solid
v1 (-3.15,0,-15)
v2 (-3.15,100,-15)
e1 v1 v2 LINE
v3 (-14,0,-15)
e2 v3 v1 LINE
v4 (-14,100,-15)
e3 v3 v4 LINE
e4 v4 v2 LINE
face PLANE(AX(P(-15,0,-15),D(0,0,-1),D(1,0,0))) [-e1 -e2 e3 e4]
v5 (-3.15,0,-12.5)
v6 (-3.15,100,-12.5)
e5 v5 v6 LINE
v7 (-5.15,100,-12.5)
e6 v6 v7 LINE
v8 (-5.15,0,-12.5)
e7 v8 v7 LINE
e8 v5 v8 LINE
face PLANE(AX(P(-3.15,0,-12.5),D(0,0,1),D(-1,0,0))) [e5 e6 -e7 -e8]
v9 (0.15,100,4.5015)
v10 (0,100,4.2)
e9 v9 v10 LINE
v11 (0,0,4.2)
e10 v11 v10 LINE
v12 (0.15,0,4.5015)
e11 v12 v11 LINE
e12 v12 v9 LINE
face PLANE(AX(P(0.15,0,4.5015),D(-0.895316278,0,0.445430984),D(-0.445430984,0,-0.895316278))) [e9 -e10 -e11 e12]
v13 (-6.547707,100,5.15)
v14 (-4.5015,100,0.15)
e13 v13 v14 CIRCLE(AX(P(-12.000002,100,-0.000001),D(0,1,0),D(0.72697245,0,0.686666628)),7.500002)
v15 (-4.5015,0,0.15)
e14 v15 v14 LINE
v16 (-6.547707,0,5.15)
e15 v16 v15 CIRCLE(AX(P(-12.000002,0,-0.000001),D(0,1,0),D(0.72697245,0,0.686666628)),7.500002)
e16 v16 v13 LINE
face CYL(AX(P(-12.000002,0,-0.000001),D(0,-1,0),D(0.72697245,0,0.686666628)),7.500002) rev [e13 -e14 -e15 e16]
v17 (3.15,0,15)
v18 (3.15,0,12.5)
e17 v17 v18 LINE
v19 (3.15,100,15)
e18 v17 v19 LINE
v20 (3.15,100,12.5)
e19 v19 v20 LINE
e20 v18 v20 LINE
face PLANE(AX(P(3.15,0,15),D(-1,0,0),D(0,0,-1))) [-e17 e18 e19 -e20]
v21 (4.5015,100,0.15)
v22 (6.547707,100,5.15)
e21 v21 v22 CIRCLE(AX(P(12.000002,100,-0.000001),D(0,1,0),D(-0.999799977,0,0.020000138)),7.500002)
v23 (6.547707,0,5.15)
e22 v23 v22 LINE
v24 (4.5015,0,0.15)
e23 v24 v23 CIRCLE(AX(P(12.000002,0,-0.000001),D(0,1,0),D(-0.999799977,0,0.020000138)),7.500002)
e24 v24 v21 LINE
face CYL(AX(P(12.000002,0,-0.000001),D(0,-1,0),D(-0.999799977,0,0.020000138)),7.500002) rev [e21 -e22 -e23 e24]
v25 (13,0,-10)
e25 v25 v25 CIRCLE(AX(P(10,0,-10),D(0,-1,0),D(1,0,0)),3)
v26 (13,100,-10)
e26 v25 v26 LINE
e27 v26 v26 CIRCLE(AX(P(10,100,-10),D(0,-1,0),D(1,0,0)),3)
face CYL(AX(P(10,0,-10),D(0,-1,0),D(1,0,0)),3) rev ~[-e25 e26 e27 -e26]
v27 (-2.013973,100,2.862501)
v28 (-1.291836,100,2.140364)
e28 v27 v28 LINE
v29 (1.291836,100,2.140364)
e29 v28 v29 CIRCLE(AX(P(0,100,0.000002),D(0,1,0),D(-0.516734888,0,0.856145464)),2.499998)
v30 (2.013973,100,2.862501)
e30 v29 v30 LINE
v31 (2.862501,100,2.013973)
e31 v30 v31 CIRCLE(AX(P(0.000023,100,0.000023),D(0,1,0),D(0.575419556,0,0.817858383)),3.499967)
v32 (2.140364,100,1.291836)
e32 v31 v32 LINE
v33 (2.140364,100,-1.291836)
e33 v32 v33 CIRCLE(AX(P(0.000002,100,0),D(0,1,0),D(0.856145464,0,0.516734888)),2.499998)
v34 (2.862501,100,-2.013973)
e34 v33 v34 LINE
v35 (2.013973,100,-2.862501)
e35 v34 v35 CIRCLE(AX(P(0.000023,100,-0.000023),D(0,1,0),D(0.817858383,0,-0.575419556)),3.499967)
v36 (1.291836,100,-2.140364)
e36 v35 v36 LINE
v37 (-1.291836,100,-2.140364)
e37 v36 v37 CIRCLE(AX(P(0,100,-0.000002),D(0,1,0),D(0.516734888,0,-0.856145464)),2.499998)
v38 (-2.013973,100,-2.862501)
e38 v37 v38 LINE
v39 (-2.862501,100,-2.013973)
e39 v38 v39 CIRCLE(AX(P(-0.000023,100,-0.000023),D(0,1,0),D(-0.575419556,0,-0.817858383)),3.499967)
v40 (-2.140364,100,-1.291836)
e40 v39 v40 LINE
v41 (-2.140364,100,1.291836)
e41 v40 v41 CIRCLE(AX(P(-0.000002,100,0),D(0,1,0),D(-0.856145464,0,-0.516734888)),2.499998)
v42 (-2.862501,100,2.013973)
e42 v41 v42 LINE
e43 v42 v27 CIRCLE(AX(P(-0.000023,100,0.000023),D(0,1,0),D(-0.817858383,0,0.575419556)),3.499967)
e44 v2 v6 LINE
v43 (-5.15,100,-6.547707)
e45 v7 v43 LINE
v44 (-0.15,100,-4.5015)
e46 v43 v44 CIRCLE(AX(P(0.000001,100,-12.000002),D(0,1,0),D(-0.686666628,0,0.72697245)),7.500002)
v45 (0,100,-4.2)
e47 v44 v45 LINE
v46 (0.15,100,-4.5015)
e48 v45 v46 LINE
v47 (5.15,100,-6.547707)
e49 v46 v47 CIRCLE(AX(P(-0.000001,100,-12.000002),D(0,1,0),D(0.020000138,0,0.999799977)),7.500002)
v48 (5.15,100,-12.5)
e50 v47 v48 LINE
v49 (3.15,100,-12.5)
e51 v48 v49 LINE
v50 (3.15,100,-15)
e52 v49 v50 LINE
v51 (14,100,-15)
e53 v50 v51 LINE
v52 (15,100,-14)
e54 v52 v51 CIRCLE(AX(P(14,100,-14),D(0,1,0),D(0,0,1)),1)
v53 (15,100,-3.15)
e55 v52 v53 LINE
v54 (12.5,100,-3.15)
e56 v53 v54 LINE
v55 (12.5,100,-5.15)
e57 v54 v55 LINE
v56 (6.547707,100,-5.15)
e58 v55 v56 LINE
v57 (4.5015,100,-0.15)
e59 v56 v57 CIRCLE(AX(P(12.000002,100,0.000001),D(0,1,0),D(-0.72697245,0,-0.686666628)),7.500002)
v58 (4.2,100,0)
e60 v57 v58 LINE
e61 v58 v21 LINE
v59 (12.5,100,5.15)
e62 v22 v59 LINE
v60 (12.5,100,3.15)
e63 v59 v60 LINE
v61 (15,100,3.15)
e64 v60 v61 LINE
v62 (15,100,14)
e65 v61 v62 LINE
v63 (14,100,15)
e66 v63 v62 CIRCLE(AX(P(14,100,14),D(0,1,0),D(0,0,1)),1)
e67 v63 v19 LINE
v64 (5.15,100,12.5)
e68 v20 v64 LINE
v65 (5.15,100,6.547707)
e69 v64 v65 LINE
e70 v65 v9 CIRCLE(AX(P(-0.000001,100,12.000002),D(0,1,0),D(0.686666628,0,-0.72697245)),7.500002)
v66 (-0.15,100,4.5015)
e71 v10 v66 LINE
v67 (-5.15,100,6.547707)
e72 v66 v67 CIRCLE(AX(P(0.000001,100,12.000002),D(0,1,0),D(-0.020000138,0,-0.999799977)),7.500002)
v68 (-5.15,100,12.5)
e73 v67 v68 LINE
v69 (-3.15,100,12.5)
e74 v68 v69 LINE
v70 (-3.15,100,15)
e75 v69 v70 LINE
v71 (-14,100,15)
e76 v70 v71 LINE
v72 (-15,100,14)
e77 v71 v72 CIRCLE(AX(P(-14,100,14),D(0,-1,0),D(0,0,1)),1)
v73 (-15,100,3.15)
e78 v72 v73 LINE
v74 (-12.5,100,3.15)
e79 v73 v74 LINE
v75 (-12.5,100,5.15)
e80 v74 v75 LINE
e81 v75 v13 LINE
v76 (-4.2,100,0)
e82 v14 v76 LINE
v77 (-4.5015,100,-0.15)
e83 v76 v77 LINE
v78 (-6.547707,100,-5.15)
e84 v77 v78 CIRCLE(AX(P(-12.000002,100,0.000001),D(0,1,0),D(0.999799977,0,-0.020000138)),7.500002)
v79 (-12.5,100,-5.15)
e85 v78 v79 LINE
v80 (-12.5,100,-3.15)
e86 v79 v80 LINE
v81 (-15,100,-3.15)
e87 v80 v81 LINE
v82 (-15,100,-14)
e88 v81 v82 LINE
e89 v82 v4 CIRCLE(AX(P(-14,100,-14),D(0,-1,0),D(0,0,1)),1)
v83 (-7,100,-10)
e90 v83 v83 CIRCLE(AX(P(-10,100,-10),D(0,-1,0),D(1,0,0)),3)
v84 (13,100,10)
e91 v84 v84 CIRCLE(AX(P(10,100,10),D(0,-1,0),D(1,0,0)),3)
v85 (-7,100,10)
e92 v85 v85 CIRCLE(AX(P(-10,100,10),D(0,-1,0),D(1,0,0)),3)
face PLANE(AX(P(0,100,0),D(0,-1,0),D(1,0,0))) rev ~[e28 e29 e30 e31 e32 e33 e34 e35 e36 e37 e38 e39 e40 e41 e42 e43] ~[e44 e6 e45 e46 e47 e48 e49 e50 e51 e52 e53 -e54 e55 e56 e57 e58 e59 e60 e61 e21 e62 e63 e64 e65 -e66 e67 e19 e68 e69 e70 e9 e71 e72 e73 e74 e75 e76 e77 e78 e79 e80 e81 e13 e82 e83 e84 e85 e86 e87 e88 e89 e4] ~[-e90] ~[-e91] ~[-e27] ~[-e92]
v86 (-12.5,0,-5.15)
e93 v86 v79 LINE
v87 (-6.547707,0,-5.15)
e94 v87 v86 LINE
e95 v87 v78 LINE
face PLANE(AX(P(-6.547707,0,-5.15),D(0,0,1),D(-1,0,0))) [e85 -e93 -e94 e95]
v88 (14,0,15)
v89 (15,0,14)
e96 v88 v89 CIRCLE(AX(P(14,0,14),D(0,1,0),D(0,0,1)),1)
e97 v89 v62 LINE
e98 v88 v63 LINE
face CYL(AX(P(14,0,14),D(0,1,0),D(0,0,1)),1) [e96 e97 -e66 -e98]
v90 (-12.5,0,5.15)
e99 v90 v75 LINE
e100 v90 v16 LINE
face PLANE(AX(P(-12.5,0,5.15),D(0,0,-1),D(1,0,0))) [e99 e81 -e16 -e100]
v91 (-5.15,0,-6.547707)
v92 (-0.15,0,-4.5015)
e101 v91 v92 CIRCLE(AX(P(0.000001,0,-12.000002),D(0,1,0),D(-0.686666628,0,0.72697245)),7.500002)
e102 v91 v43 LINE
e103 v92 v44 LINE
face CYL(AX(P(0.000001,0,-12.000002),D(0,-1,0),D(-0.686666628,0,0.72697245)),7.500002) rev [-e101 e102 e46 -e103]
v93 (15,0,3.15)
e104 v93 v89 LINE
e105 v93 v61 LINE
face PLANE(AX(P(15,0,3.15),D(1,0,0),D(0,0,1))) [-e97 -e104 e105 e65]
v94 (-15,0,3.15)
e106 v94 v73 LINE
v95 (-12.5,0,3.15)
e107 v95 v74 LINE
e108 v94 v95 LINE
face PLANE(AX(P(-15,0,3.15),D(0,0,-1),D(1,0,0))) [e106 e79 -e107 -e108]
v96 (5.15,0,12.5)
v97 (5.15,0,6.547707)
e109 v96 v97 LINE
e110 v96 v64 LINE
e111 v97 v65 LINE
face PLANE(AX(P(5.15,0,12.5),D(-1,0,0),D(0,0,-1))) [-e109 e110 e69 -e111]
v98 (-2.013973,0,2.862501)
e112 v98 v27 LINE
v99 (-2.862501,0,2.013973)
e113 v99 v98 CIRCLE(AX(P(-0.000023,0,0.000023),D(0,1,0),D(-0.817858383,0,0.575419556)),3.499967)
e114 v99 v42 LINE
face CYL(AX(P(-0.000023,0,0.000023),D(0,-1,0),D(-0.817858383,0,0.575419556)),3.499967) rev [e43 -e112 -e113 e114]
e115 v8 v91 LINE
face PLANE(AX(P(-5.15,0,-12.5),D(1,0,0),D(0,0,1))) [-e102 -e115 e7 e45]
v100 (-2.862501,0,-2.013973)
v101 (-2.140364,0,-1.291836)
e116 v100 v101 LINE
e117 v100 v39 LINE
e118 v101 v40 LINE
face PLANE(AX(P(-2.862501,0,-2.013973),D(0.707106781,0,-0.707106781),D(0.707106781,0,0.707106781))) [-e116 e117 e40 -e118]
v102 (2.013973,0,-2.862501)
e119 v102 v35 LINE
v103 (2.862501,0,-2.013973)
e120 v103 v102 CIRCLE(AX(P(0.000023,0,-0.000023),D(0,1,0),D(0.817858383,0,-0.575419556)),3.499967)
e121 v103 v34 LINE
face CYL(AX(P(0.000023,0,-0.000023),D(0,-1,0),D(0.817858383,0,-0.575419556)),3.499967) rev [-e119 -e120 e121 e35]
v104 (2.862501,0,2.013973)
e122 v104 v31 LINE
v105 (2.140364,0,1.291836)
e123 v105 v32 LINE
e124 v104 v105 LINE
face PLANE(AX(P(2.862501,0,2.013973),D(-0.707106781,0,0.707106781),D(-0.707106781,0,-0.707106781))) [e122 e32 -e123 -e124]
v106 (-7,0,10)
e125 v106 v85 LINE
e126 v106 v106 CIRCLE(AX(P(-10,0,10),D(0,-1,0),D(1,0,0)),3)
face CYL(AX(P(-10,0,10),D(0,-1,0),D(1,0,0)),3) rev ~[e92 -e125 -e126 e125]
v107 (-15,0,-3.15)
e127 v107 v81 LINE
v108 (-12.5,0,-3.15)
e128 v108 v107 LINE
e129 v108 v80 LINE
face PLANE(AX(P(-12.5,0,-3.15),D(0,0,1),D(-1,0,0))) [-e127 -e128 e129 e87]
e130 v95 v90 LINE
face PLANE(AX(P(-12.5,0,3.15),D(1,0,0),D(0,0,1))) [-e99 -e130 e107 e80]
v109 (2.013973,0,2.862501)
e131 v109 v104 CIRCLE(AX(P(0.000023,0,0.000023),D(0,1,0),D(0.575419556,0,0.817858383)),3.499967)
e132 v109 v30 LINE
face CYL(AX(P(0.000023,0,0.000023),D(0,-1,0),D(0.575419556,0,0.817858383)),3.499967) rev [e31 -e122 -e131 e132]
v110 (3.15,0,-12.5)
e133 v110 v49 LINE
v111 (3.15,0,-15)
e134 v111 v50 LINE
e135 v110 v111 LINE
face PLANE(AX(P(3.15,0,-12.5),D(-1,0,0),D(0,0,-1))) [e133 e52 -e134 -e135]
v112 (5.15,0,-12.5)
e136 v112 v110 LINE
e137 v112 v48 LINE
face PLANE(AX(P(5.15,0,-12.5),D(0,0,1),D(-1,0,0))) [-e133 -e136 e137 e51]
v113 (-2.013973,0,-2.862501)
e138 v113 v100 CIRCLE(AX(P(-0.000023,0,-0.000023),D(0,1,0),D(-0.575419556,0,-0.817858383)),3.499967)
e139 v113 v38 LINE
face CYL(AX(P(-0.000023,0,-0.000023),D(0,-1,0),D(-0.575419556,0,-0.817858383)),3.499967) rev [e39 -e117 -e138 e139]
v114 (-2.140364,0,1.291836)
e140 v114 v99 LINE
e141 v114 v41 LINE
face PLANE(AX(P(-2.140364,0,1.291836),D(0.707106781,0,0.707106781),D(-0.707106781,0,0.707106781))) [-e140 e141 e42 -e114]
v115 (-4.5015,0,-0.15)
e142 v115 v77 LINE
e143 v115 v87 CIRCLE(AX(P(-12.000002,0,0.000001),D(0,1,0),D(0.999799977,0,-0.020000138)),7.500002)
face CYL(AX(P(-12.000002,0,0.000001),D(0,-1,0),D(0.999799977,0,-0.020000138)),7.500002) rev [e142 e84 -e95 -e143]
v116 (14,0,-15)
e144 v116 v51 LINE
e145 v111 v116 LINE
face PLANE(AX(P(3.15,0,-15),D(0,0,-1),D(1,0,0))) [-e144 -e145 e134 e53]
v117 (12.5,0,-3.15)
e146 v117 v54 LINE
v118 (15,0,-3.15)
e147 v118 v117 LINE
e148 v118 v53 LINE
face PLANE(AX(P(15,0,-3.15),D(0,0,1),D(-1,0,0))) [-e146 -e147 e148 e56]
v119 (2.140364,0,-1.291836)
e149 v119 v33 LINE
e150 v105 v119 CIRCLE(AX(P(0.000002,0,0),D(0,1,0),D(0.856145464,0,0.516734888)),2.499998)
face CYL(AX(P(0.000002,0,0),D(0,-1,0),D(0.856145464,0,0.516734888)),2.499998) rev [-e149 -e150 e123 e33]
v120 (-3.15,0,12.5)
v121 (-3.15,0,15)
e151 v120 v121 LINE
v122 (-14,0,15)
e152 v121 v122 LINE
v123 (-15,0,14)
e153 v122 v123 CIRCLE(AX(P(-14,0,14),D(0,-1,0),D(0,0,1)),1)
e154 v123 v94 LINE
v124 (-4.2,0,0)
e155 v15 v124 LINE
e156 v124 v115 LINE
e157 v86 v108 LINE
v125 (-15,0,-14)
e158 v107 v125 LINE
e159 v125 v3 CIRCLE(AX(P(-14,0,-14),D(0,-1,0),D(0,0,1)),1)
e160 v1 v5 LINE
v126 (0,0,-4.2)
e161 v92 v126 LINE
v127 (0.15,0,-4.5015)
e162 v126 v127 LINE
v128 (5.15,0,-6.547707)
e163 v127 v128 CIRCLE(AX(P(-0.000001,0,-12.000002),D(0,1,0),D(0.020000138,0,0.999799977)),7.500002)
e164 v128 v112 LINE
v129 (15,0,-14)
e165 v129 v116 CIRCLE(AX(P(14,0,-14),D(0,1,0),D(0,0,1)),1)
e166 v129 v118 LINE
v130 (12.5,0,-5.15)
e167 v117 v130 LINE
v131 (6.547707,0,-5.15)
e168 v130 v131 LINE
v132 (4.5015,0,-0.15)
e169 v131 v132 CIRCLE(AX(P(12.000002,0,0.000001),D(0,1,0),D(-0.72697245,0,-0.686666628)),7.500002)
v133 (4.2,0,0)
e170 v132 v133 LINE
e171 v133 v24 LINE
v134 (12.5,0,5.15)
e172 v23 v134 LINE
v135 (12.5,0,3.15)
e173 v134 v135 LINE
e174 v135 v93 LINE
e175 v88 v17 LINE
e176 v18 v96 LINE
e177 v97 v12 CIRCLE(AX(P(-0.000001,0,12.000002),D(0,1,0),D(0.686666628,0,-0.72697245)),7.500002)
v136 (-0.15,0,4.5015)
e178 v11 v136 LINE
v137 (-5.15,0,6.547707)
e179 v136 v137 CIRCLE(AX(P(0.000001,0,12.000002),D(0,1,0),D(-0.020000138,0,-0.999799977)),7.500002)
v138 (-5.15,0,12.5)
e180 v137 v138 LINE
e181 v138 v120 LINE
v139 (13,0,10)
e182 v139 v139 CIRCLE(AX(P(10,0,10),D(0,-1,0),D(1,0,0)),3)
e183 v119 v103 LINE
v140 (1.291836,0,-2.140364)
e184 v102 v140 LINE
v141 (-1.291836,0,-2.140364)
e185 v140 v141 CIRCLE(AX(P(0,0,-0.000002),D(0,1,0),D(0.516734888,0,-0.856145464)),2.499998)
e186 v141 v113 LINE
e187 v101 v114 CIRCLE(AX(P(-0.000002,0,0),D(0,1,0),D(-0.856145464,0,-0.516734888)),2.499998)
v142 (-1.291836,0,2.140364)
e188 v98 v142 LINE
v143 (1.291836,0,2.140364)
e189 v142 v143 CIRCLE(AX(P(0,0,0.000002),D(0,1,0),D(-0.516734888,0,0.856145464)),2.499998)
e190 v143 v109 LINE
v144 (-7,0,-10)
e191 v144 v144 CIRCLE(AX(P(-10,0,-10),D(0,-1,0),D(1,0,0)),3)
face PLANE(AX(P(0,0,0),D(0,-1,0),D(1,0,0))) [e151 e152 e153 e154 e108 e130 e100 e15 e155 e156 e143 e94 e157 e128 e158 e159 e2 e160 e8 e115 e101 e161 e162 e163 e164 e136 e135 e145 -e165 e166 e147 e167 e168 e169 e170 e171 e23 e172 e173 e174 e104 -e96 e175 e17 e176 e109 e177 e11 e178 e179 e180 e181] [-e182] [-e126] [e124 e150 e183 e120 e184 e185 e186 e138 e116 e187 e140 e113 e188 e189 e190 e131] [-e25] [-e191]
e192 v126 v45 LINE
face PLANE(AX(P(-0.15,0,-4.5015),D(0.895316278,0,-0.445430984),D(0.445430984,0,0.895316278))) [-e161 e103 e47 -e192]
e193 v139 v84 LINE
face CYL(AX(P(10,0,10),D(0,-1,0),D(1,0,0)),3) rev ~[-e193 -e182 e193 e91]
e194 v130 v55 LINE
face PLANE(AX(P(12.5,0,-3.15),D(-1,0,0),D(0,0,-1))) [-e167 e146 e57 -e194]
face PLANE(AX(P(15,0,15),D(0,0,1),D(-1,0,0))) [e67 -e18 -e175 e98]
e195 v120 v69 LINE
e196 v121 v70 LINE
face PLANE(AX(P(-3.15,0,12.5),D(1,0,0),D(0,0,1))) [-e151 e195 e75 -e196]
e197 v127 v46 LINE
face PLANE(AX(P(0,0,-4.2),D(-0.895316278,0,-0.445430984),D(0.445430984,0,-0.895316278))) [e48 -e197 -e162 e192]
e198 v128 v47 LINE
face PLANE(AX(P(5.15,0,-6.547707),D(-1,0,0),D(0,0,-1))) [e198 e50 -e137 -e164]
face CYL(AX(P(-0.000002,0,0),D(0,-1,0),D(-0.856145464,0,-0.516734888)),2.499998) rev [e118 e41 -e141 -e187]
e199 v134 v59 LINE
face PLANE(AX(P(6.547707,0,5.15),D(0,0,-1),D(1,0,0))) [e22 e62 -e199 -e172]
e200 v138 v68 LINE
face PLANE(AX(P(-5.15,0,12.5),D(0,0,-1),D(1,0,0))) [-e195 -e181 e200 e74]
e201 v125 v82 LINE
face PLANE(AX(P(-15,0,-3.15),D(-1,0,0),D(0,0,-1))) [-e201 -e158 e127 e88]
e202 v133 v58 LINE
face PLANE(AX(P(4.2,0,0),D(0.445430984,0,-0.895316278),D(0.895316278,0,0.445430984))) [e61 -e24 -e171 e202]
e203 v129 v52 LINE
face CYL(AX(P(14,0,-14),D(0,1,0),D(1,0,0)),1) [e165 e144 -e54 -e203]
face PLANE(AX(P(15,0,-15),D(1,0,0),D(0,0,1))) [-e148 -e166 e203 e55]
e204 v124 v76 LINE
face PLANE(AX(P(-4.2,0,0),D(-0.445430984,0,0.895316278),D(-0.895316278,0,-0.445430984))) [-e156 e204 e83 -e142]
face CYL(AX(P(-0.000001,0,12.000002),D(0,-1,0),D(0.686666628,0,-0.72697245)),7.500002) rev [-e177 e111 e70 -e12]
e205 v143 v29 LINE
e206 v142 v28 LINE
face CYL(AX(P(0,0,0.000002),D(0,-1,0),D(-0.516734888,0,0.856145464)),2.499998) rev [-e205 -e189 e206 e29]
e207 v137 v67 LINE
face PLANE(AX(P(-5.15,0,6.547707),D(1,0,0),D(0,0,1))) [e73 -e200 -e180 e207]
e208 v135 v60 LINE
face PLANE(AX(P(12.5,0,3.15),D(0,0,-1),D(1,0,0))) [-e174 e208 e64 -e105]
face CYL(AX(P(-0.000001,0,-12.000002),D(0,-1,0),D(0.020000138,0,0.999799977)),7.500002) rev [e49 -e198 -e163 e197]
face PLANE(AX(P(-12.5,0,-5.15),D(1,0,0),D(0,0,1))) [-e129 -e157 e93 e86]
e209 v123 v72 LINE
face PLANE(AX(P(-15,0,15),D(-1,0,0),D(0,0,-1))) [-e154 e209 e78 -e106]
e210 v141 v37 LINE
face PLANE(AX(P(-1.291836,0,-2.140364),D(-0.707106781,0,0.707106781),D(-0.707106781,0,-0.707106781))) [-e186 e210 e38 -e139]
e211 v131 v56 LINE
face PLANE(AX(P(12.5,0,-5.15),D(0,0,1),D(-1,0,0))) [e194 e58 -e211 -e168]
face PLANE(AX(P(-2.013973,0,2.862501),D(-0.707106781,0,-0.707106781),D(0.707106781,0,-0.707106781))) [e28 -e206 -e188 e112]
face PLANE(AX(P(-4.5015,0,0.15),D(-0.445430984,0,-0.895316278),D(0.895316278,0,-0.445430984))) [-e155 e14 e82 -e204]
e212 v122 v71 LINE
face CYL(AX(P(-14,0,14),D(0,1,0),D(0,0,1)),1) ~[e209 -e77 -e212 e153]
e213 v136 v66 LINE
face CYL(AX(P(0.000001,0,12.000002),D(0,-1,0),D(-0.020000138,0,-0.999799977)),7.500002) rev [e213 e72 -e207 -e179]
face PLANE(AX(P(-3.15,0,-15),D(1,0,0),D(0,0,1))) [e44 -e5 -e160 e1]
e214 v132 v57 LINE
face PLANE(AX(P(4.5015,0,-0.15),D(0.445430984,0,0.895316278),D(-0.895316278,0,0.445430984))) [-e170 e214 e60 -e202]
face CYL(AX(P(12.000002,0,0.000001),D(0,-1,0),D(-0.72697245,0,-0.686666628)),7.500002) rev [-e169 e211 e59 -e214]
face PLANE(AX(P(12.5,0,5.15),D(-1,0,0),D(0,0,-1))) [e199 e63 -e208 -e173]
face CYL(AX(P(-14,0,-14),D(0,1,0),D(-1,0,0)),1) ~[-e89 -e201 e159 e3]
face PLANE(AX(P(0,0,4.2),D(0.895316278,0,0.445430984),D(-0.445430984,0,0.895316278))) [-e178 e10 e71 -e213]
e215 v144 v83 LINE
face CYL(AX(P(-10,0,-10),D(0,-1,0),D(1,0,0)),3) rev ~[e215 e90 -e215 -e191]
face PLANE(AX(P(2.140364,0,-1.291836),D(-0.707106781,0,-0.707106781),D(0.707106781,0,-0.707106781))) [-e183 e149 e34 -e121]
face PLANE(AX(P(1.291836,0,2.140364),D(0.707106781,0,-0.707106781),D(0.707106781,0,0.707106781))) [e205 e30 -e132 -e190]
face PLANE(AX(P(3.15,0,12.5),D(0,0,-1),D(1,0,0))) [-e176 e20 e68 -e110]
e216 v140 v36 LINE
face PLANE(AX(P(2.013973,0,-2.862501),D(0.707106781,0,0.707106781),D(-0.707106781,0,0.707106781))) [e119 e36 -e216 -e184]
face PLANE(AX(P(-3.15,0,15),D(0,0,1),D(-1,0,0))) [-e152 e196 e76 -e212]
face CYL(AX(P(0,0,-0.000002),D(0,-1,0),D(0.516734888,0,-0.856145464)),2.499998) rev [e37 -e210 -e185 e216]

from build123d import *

# Parameters (mm, degrees)
F0_R     = 3
F1_DEPTH = 100
F2_R     = 1


with BuildPart() as f1:
    # F0 (on Front) → F1 (new body)
    with BuildSketch(Plane.XZ):
        with BuildLine():
            Line((-3.15, 15), (-15, 15))
            Line((-15, 15), (-15, 3.15))
            Line((-15, 3.15), (-12.5, 3.15))
            Line((-12.5, 3.15), (-12.5, 5.15))
            Line((-12.5, 5.15), (-6.547707, 5.15))
            ThreePointArc((-6.547707, 5.15), (-5.058764, 2.840641), (-4.5015, 0.15))
            Line((-4.5015, 0.15), (-4.2, 0))
            Line((-4.2, 0), (-4.5015, -0.15))
            ThreePointArc((-4.5015, -0.15), (-5.058764, -2.840641), (-6.547707, -5.15))
            Line((-6.547707, -5.15), (-12.5, -5.15))
            Line((-12.5, -5.15), (-12.5, -3.15))
            Line((-12.5, -3.15), (-15, -3.15))
            Line((-15, -3.15), (-15, -15))
            Line((-15, -15), (-3.15, -15))
            Line((-3.15, -15), (-3.15, -12.5))
            Line((-3.15, -12.5), (-5.15, -12.5))
            Line((-5.15, -12.5), (-5.15, -6.547707))
            ThreePointArc((-5.15, -6.547707), (-2.840641, -5.058764), (-0.15, -4.5015))
            Line((-0.15, -4.5015), (0, -4.2))
            Line((0, -4.2), (0.15, -4.5015))
            ThreePointArc((0.15, -4.5015), (2.840641, -5.058764), (5.15, -6.547707))
            Line((5.15, -6.547707), (5.15, -12.5))
            Line((5.15, -12.5), (3.15, -12.5))
            Line((3.15, -12.5), (3.15, -15))
            Line((3.15, -15), (15, -15))
            Line((15, -15), (15, -3.15))
            Line((15, -3.15), (12.5, -3.15))
            Line((12.5, -3.15), (12.5, -5.15))
            Line((12.5, -5.15), (6.547707, -5.15))
            ThreePointArc((6.547707, -5.15), (5.058764, -2.840641), (4.5015, -0.15))
            Line((4.5015, -0.15), (4.2, 0))
            Line((4.2, 0), (4.5015, 0.15))
            ThreePointArc((4.5015, 0.15), (5.058764, 2.840641), (6.547707, 5.15))
            Line((6.547707, 5.15), (12.5, 5.15))
            Line((12.5, 5.15), (12.5, 3.15))
            Line((12.5, 3.15), (15, 3.15))
            Line((15, 3.15), (15, 15))
            Line((15, 15), (3.15, 15))
            Line((3.15, 15), (3.15, 12.5))
            Line((3.15, 12.5), (5.15, 12.5))
            Line((5.15, 12.5), (5.15, 6.547707))
            ThreePointArc((5.15, 6.547707), (2.840641, 5.058764), (0.15, 4.5015))
            Line((0.15, 4.5015), (0, 4.2))
            Line((0, 4.2), (-0.15, 4.5015))
            ThreePointArc((-0.15, 4.5015), (-2.840641, 5.058764), (-5.15, 6.547707))
            Line((-5.15, 6.547707), (-5.15, 12.5))
            Line((-5.15, 12.5), (-3.15, 12.5))
            Line((-3.15, 12.5), (-3.15, 15))
        make_face()
        with Locations((-10, -10)):
            Circle(F0_R, mode=Mode.SUBTRACT)
        with Locations((10, -10)):
            Circle(F0_R, mode=Mode.SUBTRACT)
        with BuildLine():
            ThreePointArc((-2.140364, -1.291836), (-2.5, 0), (-2.140364, 1.291836))
            Line((-2.140364, 1.291836), (-2.862501, 2.013973))
            ThreePointArc((-2.862501, 2.013973), (-2.474874, 2.474874), (-2.013973, 2.862501))
            Line((-2.013973, 2.862501), (-1.291836, 2.140364))
            ThreePointArc((-1.291836, 2.140364), (0, 2.5), (1.291836, 2.140364))
            Line((1.291836, 2.140364), (2.013973, 2.862501))
            ThreePointArc((2.013973, 2.862501), (2.474874, 2.474874), (2.862501, 2.013973))
            Line((2.862501, 2.013973), (2.140364, 1.291836))
            ThreePointArc((2.140364, 1.291836), (2.5, 0), (2.140364, -1.291836))
            Line((2.140364, -1.291836), (2.862501, -2.013973))
            ThreePointArc((2.862501, -2.013973), (2.474874, -2.474874), (2.013973, -2.862501))
            Line((2.013973, -2.862501), (1.291836, -2.140364))
            ThreePointArc((1.291836, -2.140364), (0, -2.5), (-1.291836, -2.140364))
            Line((-1.291836, -2.140364), (-2.013973, -2.862501))
            ThreePointArc((-2.013973, -2.862501), (-2.474874, -2.474874), (-2.862501, -2.013973))
            Line((-2.862501, -2.013973), (-2.140364, -1.291836))
        make_face(mode=Mode.SUBTRACT)
        with Locations((-10, 10)):
            Circle(F0_R, mode=Mode.SUBTRACT)
        with Locations((10, 10)):
            Circle(F0_R, mode=Mode.SUBTRACT)
    extrude(amount=-F1_DEPTH)

    # F2
    f2_edges = [f1.edges().sort_by_distance(p)[0] for p in [
        (15, 50, 15),
        (-15, 50, 15),
        (-15, 50, -15),
        (15, 50, -15),
    ]]
    fillet(f2_edges, radius=F2_R)


solid = f1.part
